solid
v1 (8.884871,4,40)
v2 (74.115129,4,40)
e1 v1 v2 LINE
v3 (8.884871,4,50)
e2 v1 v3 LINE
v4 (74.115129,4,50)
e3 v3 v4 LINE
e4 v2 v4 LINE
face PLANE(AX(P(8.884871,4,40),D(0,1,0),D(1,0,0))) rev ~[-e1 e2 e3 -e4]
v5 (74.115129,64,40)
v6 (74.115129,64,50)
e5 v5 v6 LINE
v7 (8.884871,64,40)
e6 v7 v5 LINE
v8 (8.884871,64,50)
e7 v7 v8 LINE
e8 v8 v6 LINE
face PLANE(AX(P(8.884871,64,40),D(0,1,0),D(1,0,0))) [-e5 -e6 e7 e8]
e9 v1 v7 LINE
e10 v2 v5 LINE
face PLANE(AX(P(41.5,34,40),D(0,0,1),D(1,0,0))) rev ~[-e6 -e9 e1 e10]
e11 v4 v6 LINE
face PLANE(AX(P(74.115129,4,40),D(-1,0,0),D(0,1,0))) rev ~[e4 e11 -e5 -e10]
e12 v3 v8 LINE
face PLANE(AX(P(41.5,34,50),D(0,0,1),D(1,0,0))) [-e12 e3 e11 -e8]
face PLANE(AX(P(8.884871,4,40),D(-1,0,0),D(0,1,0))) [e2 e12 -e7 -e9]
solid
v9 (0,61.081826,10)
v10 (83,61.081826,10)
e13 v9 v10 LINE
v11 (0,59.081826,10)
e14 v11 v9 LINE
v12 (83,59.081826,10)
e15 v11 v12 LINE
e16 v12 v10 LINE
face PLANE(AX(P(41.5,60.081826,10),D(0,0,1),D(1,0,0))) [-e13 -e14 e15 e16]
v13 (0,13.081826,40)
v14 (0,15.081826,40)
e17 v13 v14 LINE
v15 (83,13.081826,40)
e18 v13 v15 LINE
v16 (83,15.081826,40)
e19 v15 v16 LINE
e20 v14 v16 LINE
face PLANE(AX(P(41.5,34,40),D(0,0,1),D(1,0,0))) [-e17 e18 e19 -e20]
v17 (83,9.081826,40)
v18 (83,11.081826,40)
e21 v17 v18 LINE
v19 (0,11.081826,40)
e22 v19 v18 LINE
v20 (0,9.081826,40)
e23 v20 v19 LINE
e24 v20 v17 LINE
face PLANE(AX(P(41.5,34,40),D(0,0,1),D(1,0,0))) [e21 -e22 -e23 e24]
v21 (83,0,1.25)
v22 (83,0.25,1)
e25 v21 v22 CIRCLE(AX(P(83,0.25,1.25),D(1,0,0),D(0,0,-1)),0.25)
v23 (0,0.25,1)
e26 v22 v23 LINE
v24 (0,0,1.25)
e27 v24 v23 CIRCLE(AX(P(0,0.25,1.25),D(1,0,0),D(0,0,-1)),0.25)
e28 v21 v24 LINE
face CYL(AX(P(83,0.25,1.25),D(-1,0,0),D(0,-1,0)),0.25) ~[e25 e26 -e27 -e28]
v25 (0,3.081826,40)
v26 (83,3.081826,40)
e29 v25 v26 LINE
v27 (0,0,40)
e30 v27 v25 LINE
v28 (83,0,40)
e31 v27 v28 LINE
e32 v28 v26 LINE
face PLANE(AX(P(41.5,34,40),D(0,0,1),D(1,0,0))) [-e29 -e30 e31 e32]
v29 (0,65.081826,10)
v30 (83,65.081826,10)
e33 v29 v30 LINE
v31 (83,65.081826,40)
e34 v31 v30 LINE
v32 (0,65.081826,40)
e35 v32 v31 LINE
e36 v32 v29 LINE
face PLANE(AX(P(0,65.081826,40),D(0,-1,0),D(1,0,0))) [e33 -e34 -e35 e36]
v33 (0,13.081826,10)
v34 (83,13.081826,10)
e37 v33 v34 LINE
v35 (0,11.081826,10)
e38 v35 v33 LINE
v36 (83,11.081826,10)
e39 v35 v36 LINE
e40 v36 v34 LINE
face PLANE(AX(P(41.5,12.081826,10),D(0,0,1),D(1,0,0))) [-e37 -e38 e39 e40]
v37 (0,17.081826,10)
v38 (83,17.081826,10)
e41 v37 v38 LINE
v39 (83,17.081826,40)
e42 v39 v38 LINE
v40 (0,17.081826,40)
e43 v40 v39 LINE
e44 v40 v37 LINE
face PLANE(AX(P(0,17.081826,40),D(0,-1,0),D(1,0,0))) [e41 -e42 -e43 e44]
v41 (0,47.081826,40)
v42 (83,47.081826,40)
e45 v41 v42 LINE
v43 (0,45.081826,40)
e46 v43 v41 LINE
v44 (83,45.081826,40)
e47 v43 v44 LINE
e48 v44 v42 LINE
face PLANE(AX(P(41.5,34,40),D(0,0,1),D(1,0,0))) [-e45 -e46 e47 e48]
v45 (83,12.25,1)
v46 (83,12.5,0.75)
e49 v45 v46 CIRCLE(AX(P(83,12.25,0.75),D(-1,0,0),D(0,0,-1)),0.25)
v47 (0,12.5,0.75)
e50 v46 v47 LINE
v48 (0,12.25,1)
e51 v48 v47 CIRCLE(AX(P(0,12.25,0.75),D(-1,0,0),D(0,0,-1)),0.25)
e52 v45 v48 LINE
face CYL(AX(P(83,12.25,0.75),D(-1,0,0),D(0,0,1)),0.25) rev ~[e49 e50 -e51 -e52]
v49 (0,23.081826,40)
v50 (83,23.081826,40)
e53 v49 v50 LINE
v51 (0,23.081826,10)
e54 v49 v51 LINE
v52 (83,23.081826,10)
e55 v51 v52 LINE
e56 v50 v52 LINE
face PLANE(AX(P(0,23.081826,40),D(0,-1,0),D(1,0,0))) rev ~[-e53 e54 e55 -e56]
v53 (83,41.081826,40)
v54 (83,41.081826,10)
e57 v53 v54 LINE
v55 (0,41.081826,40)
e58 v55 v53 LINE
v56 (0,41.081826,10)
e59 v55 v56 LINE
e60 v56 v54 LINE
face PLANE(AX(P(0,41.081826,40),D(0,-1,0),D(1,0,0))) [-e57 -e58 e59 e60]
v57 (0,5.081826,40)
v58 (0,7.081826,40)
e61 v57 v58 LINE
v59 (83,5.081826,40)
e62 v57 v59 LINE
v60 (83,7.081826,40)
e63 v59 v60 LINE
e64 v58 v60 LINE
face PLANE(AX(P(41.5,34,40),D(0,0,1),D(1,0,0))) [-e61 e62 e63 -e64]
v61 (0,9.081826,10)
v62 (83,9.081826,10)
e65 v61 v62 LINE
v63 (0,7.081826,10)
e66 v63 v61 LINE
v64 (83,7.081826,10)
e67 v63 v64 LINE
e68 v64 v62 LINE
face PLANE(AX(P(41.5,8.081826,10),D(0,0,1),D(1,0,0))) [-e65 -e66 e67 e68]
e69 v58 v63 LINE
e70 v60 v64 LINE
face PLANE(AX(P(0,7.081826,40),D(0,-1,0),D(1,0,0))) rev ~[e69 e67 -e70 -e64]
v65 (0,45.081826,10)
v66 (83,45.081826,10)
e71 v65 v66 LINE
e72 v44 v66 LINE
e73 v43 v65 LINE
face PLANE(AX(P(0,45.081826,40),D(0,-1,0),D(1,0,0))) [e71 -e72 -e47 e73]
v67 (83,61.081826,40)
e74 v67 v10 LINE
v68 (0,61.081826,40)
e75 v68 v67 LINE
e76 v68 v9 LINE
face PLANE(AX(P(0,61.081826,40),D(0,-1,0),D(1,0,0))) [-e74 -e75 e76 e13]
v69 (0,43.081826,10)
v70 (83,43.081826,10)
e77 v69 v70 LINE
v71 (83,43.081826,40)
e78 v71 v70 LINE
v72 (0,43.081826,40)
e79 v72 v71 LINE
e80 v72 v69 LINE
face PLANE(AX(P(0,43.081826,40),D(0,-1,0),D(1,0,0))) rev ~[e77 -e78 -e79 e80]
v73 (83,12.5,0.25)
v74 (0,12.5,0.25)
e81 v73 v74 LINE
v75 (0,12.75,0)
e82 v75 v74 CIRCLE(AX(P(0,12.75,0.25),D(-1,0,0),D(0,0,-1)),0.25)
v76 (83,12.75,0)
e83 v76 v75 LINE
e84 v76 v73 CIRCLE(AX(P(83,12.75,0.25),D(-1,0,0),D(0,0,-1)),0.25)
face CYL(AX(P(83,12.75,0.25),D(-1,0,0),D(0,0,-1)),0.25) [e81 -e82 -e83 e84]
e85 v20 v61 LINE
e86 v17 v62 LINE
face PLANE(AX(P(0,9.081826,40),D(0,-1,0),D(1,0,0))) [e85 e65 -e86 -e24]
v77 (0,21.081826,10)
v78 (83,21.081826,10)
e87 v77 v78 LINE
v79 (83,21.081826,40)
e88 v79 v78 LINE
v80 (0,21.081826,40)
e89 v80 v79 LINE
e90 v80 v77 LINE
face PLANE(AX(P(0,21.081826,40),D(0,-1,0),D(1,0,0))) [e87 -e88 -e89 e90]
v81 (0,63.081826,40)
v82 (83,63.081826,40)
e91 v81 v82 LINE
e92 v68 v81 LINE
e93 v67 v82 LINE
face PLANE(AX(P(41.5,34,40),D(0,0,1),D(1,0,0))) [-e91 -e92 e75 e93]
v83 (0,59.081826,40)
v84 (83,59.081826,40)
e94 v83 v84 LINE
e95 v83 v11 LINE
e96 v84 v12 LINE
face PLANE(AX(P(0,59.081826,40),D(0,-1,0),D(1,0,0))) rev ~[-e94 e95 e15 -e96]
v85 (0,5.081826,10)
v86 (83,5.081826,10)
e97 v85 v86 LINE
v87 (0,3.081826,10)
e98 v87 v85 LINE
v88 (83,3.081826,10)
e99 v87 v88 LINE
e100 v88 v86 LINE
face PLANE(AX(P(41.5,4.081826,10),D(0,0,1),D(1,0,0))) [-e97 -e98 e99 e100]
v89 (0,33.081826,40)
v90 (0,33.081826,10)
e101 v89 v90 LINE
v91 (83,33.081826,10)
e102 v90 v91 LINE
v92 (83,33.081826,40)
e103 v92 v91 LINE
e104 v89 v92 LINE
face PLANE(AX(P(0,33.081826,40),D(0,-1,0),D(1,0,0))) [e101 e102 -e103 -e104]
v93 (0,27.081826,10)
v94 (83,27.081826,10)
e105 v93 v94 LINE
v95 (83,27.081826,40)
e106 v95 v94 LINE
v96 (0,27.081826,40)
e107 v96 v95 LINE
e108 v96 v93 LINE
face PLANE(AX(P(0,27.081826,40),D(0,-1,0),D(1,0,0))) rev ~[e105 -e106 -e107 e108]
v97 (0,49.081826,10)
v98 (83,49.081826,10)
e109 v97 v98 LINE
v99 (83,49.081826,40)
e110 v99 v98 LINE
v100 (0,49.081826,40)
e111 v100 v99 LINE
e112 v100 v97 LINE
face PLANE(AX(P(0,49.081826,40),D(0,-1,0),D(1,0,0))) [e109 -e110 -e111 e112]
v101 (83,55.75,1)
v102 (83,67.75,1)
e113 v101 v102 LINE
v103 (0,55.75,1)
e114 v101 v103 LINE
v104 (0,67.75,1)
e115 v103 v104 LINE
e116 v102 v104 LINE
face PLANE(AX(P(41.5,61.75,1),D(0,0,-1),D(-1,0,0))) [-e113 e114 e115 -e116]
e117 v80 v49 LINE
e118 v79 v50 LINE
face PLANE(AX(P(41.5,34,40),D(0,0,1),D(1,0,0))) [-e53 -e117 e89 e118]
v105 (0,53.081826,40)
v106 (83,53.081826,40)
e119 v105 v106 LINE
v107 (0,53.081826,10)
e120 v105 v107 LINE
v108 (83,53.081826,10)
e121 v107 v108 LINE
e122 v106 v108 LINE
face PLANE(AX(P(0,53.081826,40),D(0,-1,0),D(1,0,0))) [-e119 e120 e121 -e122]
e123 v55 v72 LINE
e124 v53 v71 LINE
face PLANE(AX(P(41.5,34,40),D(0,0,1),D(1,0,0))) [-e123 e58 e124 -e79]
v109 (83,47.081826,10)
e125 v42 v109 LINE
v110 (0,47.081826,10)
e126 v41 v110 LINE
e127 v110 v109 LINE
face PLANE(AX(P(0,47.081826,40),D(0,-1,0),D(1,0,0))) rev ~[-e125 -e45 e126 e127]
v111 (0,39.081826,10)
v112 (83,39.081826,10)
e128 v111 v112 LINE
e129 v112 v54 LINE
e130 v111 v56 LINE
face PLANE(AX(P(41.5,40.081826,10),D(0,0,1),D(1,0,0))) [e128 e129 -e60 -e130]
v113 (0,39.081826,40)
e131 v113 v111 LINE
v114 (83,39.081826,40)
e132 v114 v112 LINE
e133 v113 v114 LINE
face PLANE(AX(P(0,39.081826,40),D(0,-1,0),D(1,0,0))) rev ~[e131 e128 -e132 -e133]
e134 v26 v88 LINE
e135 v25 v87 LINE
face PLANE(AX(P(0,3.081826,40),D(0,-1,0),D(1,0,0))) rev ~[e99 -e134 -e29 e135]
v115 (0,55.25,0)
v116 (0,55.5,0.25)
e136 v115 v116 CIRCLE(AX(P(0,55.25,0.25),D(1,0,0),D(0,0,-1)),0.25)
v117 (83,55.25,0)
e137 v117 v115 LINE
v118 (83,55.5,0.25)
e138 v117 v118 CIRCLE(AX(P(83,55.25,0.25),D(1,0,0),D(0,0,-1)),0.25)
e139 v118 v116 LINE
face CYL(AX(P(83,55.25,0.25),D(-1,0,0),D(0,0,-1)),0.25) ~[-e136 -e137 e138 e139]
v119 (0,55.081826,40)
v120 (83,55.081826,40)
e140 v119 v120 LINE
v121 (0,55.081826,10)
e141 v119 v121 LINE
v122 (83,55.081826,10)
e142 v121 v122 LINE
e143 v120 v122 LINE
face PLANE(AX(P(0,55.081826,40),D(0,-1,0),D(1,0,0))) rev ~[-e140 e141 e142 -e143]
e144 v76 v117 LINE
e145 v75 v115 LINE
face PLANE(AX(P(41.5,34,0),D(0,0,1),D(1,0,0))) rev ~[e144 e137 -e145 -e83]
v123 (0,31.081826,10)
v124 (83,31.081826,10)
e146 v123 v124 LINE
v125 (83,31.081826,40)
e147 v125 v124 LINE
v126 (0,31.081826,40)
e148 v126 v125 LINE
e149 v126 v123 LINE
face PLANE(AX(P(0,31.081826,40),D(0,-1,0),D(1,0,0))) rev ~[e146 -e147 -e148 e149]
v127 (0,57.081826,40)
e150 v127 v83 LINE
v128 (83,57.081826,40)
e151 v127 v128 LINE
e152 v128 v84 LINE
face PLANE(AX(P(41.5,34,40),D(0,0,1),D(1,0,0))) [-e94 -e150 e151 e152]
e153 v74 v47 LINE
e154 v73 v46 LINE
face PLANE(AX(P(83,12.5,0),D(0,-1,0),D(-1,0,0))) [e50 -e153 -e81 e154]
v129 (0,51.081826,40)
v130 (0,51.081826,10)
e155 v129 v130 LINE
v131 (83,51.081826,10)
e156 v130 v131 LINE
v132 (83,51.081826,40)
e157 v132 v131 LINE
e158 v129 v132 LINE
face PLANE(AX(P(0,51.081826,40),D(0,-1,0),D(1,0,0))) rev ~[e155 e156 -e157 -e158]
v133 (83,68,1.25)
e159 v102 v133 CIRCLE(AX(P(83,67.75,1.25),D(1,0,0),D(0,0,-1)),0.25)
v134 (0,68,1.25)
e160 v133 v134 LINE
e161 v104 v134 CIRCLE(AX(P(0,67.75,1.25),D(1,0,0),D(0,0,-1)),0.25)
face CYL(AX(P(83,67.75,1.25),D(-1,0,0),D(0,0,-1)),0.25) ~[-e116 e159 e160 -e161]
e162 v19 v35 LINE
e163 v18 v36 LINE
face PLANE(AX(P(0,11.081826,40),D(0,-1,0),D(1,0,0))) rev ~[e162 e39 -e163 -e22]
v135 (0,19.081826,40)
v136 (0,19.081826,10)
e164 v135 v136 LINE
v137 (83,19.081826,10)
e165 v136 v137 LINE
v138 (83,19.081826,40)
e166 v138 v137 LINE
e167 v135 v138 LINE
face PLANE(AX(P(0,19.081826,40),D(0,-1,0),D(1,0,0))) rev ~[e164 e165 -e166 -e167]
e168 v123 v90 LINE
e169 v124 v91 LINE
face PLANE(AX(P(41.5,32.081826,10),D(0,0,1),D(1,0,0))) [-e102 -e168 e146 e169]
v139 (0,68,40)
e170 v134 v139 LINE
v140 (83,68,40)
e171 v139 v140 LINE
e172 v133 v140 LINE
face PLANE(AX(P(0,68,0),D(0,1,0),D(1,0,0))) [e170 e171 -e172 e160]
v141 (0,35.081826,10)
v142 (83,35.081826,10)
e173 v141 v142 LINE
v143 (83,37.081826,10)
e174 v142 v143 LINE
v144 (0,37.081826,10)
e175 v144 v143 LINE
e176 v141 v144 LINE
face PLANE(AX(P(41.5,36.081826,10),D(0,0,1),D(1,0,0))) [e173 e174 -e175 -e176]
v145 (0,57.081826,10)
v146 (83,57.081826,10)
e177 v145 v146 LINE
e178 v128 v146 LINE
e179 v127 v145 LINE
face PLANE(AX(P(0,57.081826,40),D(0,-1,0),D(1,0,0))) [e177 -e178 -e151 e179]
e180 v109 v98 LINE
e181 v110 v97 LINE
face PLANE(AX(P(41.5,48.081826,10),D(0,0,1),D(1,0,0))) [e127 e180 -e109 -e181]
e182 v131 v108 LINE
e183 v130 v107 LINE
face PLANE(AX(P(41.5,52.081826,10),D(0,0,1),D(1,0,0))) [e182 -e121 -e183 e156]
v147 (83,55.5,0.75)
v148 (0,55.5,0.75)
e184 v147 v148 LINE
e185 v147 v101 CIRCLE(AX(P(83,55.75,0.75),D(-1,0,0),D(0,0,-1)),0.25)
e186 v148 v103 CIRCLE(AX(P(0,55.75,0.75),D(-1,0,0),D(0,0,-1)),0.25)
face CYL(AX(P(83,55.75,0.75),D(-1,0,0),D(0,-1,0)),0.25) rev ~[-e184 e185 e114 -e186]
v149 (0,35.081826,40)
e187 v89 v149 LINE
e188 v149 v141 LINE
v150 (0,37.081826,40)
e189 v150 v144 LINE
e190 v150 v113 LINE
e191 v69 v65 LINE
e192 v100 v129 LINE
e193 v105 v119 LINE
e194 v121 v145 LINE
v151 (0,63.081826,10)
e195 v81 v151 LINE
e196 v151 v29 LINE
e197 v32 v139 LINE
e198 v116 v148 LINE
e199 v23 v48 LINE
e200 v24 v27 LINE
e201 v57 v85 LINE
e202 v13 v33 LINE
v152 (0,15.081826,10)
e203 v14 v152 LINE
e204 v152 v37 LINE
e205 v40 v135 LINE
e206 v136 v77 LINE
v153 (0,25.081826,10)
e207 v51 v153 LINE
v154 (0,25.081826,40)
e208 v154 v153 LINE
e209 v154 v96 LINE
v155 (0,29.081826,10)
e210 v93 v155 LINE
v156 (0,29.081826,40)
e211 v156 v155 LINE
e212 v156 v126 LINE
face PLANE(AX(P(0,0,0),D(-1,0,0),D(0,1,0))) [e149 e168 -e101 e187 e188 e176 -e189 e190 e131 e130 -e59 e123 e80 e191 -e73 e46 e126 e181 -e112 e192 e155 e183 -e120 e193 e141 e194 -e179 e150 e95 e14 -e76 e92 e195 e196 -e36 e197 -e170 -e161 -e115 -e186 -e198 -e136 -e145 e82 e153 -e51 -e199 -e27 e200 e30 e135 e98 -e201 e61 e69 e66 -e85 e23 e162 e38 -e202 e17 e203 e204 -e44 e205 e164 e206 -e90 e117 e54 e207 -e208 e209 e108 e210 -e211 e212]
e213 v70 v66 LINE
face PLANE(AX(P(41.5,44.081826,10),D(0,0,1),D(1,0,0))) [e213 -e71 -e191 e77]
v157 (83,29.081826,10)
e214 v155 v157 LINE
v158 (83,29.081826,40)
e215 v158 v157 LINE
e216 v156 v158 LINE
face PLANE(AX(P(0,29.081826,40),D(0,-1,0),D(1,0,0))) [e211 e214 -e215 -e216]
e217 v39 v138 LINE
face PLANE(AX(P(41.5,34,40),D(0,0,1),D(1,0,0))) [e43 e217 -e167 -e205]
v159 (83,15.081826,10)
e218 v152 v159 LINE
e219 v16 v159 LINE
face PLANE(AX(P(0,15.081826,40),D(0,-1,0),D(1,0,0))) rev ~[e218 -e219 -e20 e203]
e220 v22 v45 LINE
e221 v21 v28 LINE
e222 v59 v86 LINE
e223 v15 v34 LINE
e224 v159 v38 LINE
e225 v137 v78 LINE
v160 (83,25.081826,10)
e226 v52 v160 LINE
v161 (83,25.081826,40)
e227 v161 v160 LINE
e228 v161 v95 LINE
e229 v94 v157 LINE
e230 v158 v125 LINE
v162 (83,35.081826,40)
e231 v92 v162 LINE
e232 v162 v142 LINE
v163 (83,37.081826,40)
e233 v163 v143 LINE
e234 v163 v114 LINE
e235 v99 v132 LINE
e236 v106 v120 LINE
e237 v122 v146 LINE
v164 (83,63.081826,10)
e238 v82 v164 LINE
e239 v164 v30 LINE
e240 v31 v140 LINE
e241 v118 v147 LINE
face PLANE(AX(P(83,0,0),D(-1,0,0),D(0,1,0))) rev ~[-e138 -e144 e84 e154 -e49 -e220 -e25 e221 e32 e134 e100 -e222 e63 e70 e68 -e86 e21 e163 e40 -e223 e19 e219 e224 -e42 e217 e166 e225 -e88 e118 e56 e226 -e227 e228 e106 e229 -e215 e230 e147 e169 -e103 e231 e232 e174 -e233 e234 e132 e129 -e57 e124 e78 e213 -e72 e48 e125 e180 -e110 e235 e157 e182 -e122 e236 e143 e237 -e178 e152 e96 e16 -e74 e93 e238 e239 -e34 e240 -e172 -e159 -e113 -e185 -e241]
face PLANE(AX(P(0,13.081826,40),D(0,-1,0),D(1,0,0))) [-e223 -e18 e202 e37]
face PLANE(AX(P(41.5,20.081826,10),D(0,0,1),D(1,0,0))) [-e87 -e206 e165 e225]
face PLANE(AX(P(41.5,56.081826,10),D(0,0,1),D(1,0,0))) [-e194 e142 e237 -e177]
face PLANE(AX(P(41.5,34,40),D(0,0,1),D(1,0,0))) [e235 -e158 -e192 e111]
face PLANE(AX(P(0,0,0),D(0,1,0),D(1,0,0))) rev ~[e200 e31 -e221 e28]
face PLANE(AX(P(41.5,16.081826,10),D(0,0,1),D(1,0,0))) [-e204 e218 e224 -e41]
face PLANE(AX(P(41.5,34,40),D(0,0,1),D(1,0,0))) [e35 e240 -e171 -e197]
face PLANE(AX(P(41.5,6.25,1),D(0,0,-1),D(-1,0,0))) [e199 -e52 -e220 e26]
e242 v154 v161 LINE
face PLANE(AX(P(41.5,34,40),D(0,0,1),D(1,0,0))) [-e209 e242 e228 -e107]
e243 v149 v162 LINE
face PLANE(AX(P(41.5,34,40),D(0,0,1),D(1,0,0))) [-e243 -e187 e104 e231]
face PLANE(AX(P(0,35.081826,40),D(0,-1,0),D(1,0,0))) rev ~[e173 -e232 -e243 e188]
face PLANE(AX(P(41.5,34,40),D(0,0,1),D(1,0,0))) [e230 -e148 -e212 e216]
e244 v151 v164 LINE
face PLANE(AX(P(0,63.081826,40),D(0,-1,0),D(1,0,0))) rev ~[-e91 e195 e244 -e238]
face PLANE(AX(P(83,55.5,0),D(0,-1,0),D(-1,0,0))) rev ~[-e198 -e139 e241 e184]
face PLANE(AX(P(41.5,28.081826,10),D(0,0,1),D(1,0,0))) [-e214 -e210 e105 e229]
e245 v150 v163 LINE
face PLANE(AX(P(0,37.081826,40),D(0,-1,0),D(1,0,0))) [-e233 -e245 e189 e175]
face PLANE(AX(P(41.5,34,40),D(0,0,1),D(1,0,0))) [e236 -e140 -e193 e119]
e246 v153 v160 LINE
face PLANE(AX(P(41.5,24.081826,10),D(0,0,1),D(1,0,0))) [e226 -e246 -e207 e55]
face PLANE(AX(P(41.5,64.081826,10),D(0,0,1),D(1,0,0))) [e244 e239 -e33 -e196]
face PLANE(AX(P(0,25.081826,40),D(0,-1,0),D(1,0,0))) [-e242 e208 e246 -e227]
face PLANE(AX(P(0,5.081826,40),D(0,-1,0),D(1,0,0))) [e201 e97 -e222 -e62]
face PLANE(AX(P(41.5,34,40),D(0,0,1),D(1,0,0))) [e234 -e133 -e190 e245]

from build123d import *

# Parameters (mm, degrees)
SKETCH1_W           = 83
SKETCH1_H           = 68
BOSS_EXTRUDE1_DEPTH = 40
SKETCH2_W           = 65.230257998
SKETCH2_H           = 60
BOSS_EXTRUDE2_DEPTH = 10
SKETCH3_W           = 83
SKETCH3_H           = 2
CUT_EXTRUDE1_DEPTH  = 30
SKETCH4_W           = 83
SKETCH4_H           = 12.5
CUT_EXTRUDE2_DEPTH  = 1
FILLET1_R           = 0.25


with BuildPart() as part:
    # Sketch1 → Boss-Extrude1 (new body)
    with BuildSketch(Plane.XY):
        with Locations((41.5, 34)):
            Rectangle(SKETCH1_W, SKETCH1_H)
    extrude(amount=BOSS_EXTRUDE1_DEPTH)

    # Sketch3 → Cut-Extrude1 (cut)
    with BuildSketch(Plane.XY.offset(40)):
        with Locations((41.5, 64.081825925)):
            Rectangle(SKETCH3_W, SKETCH3_H)
        with Locations((41.5, 60.081825925)):
            Rectangle(SKETCH3_W, SKETCH3_H)
        with Locations((41.5, 56.081825925)):
            Rectangle(SKETCH3_W, SKETCH3_H)
        with Locations((41.5, 52.081825925)):
            Rectangle(SKETCH3_W, SKETCH3_H)
        with Locations((41.5, 48.081825925)):
            Rectangle(SKETCH3_W, SKETCH3_H)
        with Locations((41.5, 44.081825925)):
            Rectangle(SKETCH3_W, SKETCH3_H)
        with Locations((41.5, 40.081825925)):
            Rectangle(SKETCH3_W, SKETCH3_H)
        with Locations((41.5, 36.081825925)):
            Rectangle(SKETCH3_W, SKETCH3_H)
        with Locations((41.5, 32.081825925)):
            Rectangle(SKETCH3_W, SKETCH3_H)
        with Locations((41.5, 28.081825925)):
            Rectangle(SKETCH3_W, SKETCH3_H)
        with Locations((41.5, 24.081825925)):
            Rectangle(SKETCH3_W, SKETCH3_H)
        with Locations((41.5, 20.081825925)):
            Rectangle(SKETCH3_W, SKETCH3_H)
        with Locations((41.5, 16.081825925)):
            Rectangle(SKETCH3_W, SKETCH3_H)
        with Locations((41.5, 12.081825925)):
            Rectangle(SKETCH3_W, SKETCH3_H)
        with Locations((41.5, 8.081825925)):
            Rectangle(SKETCH3_W, SKETCH3_H)
        with Locations((41.5, 4.081825925)):
            Rectangle(SKETCH3_W, SKETCH3_H)
    extrude(amount=-CUT_EXTRUDE1_DEPTH, mode=Mode.SUBTRACT)

    # Sketch4 → Cut-Extrude2 (cut)
    with BuildSketch(Plane(origin=(0, 0, 0), x_dir=(-1, 0, 0), z_dir=(0, 0, -1))):
        with Locations((-41.5, 61.75)):
            Rectangle(SKETCH4_W, SKETCH4_H)
        with Locations((-41.5, 6.25)):
            Rectangle(SKETCH4_W, SKETCH4_H)
    extrude(amount=-CUT_EXTRUDE2_DEPTH, mode=Mode.SUBTRACT)

    # Fillet1
    fillet1_edges = [part.edges().sort_by_distance(p)[0] for p in [
        (41.5, 55.5, 0),
        (41.5, 68, 1),
        (41.5, 55.5, 1),
        (41.5, 12.5, 0),
        (41.5, 0, 1),
        (41.5, 12.5, 1),
    ]]
    fillet(fillet1_edges, radius=FILLET1_R)


with BuildPart() as body_2:
    # Sketch2 → Boss-Extrude2 (new body)
    with BuildSketch(Plane.XY.offset(40)):
        with Locations((41.5, 34)):
            Rectangle(SKETCH2_W, SKETCH2_H)
    extrude(amount=BOSS_EXTRUDE2_DEPTH)


solid = Compound([part.part, body_2.part])
